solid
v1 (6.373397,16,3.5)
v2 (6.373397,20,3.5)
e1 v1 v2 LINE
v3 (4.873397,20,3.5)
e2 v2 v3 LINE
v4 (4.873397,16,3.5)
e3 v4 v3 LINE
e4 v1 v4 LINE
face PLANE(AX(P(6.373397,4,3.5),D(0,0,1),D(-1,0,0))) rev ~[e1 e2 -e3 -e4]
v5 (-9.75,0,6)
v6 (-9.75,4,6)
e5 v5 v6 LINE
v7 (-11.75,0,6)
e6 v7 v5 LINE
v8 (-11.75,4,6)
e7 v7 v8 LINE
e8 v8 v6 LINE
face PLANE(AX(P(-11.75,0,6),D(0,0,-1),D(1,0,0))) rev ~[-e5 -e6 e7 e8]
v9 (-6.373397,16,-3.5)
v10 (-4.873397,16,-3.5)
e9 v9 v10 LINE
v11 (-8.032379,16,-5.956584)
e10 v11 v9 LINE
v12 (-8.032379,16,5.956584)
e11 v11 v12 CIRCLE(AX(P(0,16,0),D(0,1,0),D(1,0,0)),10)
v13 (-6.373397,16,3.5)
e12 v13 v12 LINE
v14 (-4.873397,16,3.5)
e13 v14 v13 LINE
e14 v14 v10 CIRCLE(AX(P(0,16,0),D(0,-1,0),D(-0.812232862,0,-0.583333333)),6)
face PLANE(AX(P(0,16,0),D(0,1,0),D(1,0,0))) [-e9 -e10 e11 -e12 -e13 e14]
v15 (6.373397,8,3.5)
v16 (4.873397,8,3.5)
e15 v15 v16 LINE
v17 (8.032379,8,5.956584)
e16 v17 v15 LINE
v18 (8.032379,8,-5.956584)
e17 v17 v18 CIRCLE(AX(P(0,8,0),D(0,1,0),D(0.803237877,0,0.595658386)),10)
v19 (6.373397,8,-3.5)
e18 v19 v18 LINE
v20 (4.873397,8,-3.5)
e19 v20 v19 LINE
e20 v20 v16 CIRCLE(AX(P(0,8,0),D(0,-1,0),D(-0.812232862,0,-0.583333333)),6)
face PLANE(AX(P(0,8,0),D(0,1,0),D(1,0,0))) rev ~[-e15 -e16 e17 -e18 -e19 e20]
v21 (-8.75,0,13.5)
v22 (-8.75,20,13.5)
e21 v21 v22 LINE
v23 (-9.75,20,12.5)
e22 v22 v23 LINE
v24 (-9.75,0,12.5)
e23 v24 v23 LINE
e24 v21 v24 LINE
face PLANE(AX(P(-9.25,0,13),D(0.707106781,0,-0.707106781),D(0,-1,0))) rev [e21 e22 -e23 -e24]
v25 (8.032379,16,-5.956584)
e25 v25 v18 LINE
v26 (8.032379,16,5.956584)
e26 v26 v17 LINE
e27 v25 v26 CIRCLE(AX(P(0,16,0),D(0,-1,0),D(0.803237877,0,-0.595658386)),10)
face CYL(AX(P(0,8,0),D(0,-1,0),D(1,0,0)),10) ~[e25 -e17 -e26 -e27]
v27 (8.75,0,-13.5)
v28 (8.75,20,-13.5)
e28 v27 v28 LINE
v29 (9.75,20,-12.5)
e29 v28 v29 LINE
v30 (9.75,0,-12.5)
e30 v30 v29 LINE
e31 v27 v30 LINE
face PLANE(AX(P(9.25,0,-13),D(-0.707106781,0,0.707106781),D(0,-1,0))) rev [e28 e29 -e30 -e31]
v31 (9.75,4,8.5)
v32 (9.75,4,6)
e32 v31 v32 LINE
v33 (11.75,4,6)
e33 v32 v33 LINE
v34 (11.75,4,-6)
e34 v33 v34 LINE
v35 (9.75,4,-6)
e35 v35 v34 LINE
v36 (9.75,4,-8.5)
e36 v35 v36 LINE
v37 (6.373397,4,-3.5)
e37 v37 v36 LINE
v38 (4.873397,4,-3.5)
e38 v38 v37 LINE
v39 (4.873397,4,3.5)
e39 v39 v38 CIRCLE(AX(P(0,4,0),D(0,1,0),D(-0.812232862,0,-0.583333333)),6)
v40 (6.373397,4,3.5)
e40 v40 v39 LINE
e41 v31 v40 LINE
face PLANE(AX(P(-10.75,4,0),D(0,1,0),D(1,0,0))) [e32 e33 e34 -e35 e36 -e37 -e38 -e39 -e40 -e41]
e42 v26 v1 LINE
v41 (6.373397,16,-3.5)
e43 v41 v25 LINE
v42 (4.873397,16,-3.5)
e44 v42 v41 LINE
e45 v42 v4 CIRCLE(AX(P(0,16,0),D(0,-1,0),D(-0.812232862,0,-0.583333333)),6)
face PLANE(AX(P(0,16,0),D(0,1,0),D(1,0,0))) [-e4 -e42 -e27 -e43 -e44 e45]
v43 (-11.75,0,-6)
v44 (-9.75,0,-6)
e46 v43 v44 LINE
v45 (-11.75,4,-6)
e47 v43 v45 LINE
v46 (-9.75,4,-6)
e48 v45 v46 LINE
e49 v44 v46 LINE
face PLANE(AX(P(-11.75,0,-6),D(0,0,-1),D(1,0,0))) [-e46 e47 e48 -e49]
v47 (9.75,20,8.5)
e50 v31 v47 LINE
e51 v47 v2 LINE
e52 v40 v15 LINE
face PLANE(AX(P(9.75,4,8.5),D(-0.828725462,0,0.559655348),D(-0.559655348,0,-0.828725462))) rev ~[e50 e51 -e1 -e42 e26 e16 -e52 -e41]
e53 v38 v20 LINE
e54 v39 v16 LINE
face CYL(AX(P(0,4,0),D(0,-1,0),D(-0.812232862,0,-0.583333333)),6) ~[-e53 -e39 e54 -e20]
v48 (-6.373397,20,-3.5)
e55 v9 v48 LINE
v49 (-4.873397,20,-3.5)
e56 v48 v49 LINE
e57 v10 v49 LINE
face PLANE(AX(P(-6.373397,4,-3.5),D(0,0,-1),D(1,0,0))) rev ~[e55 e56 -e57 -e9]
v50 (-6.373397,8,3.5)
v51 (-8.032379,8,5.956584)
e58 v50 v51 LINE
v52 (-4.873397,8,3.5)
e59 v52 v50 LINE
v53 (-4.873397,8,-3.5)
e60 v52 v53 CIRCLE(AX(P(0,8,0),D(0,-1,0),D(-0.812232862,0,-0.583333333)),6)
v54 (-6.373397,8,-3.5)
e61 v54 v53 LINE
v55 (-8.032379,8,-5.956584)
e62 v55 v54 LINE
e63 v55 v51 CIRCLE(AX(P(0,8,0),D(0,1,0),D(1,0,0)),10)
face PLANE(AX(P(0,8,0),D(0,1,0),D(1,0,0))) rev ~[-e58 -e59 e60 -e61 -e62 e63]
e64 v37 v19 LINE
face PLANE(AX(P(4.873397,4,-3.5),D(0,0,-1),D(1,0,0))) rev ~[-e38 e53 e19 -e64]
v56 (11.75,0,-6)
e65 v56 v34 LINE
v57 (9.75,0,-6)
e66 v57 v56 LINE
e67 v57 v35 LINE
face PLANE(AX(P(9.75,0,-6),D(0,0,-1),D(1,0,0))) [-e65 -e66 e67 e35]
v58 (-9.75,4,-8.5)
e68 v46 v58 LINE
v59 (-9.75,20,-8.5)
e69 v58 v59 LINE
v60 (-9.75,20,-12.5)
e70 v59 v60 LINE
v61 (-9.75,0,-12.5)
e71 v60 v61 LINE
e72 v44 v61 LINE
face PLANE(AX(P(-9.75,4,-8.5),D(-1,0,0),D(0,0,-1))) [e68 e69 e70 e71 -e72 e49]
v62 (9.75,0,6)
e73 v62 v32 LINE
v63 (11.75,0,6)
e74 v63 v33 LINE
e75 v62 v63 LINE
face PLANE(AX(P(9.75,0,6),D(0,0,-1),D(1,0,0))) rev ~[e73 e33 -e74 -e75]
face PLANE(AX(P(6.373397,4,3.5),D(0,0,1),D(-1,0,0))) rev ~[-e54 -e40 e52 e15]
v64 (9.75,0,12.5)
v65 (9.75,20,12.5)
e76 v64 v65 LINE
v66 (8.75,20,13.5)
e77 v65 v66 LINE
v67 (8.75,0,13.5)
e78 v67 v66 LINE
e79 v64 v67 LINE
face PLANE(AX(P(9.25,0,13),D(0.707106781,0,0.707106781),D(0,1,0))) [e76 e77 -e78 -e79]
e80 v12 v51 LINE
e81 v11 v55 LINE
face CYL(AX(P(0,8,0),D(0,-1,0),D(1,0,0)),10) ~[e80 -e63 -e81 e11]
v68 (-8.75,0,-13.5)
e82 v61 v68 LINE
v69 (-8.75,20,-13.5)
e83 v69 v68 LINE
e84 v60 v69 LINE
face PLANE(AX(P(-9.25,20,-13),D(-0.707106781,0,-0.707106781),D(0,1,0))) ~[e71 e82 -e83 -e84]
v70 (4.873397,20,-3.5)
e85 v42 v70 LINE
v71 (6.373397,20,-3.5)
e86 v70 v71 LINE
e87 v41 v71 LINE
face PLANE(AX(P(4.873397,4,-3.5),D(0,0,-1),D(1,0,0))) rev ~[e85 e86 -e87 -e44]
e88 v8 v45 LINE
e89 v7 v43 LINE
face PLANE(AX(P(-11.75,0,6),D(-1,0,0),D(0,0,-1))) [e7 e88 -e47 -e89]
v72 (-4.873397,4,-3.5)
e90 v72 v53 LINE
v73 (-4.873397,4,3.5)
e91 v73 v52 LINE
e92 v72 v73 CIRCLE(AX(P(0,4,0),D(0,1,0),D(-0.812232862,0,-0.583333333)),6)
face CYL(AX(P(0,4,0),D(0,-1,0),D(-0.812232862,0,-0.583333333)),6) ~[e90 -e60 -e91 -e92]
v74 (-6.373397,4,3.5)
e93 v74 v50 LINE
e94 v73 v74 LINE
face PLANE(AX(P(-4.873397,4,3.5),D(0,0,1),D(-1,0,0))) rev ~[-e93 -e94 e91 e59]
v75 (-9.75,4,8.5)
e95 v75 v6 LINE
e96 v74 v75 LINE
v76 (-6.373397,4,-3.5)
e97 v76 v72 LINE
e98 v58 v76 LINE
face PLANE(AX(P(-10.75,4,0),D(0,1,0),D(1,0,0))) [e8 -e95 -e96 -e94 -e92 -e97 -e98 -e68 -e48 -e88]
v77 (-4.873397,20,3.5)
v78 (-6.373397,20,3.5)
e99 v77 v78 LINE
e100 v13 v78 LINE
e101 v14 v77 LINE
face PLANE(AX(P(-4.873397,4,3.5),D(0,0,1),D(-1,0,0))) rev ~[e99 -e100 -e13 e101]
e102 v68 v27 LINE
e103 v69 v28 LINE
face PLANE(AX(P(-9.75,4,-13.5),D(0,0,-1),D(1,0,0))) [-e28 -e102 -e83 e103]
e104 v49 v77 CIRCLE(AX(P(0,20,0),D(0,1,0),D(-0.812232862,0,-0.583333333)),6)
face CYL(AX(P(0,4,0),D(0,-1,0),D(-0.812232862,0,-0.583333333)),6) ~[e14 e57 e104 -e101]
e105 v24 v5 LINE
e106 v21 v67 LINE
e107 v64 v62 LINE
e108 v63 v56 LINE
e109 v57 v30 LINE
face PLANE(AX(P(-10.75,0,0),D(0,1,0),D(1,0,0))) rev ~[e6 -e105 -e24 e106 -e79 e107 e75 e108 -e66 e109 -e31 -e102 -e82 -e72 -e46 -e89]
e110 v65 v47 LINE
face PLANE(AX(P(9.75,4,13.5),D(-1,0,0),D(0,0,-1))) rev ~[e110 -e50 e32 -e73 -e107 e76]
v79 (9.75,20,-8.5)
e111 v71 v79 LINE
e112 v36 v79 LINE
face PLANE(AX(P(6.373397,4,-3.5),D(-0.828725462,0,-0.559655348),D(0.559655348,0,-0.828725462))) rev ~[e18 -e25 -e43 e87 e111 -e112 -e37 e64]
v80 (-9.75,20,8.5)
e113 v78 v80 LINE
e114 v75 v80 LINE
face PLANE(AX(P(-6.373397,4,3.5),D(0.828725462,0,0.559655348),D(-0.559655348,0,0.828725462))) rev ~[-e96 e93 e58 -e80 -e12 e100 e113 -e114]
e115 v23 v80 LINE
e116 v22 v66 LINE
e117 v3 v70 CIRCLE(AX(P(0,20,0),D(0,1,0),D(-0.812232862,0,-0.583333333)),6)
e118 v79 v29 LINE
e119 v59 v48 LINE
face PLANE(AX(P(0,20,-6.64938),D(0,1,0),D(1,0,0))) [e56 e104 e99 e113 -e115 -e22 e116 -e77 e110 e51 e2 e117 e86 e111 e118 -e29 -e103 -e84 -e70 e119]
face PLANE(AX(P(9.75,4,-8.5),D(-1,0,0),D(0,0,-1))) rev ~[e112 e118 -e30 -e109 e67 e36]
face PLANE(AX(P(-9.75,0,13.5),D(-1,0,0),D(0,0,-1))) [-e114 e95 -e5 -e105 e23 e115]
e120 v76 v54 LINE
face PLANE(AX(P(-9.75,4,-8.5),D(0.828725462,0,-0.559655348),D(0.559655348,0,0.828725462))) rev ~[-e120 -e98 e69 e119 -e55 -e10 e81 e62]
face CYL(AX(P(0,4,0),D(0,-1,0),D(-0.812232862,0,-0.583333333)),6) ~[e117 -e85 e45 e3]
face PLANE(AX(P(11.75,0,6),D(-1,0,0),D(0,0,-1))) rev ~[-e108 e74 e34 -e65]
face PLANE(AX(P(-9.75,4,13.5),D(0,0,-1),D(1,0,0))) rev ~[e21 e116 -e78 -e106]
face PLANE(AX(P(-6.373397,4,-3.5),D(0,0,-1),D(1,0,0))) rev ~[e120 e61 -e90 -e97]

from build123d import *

# Parameters (mm, degrees)
SKETCH1_W           = 2
SKETCH1_H           = 12
SKETCH1_W_2         = 19.5
SKETCH1_H_2         = 27
BOSS_EXTRUDE1_DEPTH = 4
SKETCH2_W           = 19.5
SKETCH2_H           = 5
SKETCH2_R           = 6
BOSS_EXTRUDE2_DEPTH = 16
BOSS_EXTRUDE3_START = 4
SKETCH3_R           = 10
BOSS_EXTRUDE3_DEPTH = 8
CHAMFER1_SIZE       = 1


with BuildPart() as part:
    # Sketch1 → Boss-Extrude1 (new body)
    with BuildSketch(Plane(origin=(0, 0, 0), x_dir=(1, 0, 0), z_dir=(0, 1, 0))):
        with Locations((-10.75, 0)):
            Rectangle(SKETCH1_W, SKETCH1_H)
        Rectangle(SKETCH1_W_2, SKETCH1_H_2)
        with Locations((10.75, 0)):
            Rectangle(SKETCH1_W, SKETCH1_H)
    extrude(amount=BOSS_EXTRUDE1_DEPTH)

    # Sketch2 → Boss-Extrude2 (add)
    with BuildSketch(Plane(origin=(0, 4, 0), x_dir=(1, 0, 0), z_dir=(0, 1, 0))):
        with BuildLine():
            Line((-6.373397172, 3.5), (-4.873397172, 3.5))
            ThreePointArc((-4.873397172, 3.5), (0, 6), (4.873397172, 3.5))
            Line((4.873397172, 3.5), (6.373397172, 3.5))
            Line((6.373397172, 3.5), (9.75, 8.5))
            Line((9.75, 8.5), (-9.75, 8.5))
            Line((-9.75, 8.5), (-6.373397172, 3.5))
        make_face()
        with Locations((0, 11)):
            Rectangle(SKETCH2_W, SKETCH2_H)
        Circle(SKETCH2_R)
        with BuildLine():
            Line((-6.373397172, -3.5), (-9.75, -8.5))
            Line((-9.75, -8.5), (9.75, -8.5))
            Line((9.75, -8.5), (6.373397172, -3.5))
            Line((6.373397172, -3.5), (4.873397172, -3.5))
            ThreePointArc((4.873397172, -3.5), (0, -6), (-4.873397172, -3.5))
            Line((-4.873397172, -3.5), (-6.373397172, -3.5))
        make_face()
        with Locations((0, -11)):
            Rectangle(SKETCH2_W, SKETCH2_H)
    extrude(amount=BOSS_EXTRUDE2_DEPTH)

    # Sketch3 → Boss-Extrude3 (add)
    with BuildSketch(Plane(origin=(0, 4, 0), x_dir=(1, 0, 0), z_dir=(0, 1, 0)).offset(BOSS_EXTRUDE3_START)):
        Circle(SKETCH3_R)
    extrude(amount=BOSS_EXTRUDE3_DEPTH)

    # Chamfer1
    chamfer1_edges = [part.edges().sort_by_distance(p)[0] for p in [
        (-9.75, 10, -13.5),
        (9.75, 10, -13.5),
        (9.75, 10, 13.5),
        (-9.75, 10, 13.5),
    ]]
    chamfer(chamfer1_edges, length=CHAMFER1_SIZE)


solid = part.part
